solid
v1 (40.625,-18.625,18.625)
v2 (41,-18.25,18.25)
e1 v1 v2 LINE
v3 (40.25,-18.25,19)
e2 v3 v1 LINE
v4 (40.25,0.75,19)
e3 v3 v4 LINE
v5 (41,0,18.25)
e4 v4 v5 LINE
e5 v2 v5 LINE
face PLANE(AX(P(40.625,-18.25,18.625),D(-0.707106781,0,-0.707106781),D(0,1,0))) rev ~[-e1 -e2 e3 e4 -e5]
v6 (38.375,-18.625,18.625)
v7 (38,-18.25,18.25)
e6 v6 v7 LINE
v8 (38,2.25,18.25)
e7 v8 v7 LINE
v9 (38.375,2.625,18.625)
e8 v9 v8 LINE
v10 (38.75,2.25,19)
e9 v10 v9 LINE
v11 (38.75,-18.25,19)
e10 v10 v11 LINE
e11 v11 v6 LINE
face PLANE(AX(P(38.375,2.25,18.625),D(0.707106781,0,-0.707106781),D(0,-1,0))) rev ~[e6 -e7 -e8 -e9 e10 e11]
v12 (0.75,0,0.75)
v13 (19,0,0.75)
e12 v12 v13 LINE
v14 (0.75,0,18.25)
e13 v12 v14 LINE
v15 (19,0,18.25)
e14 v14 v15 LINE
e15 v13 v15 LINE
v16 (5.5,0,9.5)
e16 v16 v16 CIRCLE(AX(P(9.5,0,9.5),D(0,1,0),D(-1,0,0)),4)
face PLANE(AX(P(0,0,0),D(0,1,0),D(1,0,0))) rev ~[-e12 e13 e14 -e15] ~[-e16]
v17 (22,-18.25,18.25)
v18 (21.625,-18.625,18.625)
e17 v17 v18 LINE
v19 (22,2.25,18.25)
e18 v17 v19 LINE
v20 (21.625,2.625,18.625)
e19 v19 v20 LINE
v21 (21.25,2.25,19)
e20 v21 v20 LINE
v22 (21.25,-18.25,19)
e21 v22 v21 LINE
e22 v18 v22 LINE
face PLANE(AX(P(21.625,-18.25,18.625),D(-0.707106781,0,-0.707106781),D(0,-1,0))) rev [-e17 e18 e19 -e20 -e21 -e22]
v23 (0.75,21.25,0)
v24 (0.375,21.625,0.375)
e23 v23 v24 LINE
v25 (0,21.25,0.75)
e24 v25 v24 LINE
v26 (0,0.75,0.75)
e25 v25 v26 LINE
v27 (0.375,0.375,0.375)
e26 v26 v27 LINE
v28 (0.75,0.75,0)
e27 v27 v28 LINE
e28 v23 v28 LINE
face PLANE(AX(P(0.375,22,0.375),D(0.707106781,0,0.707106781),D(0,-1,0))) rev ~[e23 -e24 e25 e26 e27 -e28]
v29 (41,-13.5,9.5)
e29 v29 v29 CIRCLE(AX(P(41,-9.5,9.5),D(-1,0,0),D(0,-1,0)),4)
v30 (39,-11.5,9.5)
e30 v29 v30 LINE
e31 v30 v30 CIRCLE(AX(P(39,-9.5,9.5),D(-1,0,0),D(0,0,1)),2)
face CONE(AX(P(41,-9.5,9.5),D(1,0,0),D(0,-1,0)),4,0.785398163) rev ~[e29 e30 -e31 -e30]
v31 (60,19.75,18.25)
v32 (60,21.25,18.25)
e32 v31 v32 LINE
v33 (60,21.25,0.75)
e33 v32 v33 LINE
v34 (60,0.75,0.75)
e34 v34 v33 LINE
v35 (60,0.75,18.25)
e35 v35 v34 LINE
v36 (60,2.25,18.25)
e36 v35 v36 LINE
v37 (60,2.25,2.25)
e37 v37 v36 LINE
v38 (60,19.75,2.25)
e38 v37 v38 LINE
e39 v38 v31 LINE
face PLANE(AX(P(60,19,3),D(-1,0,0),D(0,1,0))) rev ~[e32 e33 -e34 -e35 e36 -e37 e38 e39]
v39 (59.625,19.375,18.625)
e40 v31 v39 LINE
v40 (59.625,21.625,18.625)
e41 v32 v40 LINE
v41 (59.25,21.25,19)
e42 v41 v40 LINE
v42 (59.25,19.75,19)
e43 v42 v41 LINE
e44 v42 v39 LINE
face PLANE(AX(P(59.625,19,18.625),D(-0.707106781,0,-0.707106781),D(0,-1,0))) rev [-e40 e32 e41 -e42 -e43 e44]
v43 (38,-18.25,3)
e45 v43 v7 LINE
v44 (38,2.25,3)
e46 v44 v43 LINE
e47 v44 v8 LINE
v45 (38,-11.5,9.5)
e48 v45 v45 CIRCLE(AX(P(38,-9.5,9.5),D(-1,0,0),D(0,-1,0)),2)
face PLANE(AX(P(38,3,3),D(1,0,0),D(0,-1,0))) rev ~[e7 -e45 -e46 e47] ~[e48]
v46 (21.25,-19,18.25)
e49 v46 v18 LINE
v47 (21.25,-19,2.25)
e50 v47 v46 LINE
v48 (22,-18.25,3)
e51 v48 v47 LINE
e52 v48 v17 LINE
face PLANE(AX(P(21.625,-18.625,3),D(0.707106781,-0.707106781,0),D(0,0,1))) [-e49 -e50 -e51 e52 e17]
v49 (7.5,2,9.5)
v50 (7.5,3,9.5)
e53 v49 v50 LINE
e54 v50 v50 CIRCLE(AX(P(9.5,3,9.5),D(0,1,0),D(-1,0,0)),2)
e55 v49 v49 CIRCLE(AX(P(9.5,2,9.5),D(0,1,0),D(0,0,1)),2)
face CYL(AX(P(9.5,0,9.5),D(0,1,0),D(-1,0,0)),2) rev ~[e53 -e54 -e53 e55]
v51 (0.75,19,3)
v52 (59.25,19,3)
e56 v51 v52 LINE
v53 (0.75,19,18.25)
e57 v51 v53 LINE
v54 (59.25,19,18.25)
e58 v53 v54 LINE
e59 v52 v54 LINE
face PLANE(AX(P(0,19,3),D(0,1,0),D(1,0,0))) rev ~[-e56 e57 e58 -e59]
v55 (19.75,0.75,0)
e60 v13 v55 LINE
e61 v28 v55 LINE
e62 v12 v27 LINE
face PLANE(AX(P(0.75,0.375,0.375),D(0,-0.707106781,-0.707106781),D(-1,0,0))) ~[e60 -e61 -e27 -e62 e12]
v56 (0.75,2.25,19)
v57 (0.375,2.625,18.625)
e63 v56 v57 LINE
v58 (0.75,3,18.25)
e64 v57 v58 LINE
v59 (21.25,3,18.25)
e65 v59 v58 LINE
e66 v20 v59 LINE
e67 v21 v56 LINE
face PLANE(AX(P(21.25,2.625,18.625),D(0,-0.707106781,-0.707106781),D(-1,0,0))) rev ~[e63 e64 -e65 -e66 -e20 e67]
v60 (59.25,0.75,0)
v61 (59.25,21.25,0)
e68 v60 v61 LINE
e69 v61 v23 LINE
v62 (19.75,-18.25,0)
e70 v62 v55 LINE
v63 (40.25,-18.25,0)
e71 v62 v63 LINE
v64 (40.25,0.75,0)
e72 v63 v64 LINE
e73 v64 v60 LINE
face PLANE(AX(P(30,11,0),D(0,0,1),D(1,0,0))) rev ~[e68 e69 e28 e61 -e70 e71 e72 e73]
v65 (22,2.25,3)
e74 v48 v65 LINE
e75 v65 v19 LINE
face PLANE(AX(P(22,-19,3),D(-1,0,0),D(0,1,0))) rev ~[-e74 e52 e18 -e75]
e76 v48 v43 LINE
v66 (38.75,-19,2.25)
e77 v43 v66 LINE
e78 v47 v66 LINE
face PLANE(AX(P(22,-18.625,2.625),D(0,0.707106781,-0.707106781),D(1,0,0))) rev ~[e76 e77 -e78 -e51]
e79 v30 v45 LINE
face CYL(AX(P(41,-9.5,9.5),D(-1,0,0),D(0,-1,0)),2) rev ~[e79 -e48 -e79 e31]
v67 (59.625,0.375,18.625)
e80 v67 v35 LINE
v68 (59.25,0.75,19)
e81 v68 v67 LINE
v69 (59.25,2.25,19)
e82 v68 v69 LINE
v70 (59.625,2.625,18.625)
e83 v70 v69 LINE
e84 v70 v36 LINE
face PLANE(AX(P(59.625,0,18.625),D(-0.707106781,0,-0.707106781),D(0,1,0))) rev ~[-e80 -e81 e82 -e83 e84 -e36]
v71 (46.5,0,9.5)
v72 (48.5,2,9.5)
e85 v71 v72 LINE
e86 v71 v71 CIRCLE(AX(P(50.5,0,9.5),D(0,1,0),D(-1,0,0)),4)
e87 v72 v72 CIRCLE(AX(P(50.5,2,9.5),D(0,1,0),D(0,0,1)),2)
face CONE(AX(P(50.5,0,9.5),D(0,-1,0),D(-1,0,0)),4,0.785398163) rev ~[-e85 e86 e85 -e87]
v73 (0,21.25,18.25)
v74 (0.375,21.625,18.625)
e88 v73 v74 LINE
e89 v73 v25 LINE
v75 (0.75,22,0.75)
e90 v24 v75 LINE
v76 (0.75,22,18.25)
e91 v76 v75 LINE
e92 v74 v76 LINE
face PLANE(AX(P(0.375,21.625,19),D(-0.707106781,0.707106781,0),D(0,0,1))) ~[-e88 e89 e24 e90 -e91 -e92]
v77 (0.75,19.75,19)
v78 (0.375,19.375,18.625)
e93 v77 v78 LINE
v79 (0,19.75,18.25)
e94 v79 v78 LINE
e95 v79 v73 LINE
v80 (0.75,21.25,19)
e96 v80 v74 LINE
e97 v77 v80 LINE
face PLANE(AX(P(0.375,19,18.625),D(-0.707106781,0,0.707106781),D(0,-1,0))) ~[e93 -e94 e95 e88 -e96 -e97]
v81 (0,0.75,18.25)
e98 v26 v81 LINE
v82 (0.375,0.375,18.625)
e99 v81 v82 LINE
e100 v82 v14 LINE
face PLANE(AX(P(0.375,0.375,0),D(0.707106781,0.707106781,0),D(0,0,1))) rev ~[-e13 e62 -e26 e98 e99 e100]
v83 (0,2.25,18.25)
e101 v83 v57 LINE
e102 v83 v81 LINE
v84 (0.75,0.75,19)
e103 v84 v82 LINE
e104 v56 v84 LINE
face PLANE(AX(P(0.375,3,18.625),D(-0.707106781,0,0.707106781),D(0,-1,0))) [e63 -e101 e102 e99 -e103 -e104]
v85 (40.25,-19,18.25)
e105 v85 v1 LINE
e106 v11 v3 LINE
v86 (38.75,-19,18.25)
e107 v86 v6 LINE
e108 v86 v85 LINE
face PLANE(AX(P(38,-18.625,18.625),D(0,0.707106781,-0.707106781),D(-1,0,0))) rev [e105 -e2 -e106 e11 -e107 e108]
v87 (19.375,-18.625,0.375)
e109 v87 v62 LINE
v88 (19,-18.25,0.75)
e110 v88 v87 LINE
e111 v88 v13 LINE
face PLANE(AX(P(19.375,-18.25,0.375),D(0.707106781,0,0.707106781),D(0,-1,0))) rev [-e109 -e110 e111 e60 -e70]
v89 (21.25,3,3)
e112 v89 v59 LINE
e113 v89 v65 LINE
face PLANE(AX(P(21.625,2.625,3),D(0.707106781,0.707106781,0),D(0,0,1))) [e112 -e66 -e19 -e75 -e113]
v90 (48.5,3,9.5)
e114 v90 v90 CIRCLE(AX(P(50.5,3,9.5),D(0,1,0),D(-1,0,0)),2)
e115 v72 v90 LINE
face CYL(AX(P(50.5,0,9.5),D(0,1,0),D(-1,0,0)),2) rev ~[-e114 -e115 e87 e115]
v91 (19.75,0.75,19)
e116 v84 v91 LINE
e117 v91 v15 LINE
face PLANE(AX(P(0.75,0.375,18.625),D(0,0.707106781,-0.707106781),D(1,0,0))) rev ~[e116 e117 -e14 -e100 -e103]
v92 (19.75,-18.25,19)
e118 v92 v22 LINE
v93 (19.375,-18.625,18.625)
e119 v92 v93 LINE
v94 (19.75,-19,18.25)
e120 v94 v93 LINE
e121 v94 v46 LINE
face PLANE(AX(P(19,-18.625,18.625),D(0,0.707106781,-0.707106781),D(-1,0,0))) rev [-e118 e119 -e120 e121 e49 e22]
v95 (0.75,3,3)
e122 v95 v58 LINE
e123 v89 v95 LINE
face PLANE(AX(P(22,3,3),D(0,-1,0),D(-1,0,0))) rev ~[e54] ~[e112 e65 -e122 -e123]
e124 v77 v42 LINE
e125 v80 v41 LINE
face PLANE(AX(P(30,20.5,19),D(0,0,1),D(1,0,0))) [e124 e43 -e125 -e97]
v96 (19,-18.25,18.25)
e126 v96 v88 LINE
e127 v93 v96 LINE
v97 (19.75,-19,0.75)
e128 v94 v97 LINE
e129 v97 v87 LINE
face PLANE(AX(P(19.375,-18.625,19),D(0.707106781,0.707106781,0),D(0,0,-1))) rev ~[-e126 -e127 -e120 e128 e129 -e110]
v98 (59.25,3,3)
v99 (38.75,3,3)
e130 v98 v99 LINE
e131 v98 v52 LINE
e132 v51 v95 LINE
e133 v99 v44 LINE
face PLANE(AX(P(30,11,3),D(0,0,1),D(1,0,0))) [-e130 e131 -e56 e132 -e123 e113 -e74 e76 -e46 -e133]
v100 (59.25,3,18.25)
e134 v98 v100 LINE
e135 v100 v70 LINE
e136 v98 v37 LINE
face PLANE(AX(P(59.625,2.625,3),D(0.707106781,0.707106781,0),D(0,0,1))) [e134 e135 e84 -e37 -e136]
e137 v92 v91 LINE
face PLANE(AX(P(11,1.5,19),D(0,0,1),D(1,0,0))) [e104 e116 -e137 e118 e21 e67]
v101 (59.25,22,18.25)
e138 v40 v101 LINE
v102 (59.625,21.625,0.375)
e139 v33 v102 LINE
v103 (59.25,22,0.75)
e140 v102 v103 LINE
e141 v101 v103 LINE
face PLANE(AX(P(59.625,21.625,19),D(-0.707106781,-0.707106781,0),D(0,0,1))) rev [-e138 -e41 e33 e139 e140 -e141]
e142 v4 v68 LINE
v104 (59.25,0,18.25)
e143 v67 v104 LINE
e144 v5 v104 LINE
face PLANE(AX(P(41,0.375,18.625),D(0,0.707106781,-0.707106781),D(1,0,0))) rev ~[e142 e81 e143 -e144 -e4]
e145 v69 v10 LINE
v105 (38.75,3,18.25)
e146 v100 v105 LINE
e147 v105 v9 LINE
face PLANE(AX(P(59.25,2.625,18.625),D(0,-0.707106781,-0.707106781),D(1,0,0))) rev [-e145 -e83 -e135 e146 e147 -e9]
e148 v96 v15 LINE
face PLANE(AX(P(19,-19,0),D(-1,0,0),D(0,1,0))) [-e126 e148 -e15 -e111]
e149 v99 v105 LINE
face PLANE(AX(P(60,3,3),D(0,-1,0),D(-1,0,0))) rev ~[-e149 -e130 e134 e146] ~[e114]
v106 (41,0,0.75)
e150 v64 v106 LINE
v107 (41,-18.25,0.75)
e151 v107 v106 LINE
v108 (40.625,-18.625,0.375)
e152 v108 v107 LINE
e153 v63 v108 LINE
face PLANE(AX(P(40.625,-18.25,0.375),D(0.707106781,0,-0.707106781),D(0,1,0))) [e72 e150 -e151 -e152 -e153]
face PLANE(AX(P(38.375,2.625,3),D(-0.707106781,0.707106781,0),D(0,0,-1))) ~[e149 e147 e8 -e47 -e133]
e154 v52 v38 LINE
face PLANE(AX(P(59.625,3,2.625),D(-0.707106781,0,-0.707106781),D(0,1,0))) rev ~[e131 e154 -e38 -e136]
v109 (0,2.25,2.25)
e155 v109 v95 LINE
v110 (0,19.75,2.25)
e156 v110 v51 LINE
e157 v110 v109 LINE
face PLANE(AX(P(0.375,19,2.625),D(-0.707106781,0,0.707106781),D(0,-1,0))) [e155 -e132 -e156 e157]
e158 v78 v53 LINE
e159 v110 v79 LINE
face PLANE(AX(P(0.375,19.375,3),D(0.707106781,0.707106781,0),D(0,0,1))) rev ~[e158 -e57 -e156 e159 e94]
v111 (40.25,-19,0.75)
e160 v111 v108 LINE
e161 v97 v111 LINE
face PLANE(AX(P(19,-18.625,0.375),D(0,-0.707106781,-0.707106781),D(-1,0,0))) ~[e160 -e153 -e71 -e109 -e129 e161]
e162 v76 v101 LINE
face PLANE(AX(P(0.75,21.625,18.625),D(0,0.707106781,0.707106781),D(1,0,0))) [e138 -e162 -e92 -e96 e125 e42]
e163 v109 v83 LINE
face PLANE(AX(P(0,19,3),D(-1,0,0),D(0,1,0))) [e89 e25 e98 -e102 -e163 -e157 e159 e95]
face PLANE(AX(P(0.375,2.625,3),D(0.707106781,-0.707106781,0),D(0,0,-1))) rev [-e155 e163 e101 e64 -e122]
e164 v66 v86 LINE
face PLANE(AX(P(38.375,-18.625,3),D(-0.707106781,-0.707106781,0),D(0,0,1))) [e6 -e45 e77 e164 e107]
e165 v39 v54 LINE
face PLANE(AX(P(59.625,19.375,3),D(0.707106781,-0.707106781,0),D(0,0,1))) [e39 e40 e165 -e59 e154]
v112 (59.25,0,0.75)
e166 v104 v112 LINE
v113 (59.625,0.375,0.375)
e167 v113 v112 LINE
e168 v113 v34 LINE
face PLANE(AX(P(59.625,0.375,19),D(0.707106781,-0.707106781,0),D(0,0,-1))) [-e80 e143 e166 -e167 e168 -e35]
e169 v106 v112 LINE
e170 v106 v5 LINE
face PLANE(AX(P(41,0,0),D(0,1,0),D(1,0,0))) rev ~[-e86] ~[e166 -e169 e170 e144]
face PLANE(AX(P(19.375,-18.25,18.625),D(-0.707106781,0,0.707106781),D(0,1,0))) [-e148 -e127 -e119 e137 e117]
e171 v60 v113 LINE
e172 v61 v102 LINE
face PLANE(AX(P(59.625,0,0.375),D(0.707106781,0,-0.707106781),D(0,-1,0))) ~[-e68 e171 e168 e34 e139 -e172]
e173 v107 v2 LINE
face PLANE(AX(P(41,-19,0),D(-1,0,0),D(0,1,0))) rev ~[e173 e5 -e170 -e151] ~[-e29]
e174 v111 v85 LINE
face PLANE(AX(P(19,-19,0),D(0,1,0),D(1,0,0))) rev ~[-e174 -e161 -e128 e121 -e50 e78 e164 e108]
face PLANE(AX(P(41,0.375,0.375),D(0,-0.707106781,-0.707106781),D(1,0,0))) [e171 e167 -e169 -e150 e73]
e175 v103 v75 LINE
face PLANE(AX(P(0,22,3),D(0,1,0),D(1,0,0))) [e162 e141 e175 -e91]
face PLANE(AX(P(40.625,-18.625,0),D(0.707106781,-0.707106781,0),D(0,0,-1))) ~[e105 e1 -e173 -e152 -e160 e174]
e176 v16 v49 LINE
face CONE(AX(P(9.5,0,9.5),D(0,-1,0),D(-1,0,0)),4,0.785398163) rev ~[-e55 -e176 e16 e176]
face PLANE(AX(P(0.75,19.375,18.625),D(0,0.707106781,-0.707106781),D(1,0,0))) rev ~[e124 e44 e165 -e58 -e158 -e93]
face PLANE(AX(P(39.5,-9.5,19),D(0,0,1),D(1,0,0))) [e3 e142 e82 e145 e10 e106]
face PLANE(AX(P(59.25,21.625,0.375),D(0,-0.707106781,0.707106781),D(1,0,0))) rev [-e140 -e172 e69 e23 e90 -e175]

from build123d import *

# Parameters (mm, degrees)
F0_W           = 22
F0_H           = 19
F1_DEPTH       = 3
F2_W           = 60
F2_H           = 3
F2_W_2         = 3
F2_H_2         = 19
F3_DEPTH       = 16
F5_D           = 4
F5_DEPTH       = 12
F5_CSINK_D     = 8
F5_CSINK_ANGLE = 90
F5_TIP         = 1.2017212381
F7_D           = 4
F7_DEPTH       = 12
F7_CSINK_D     = 8
F7_CSINK_ANGLE = 90
F7_TIP         = 1.2017212381
F9_D           = 4
F9_DEPTH       = 12
F9_CSINK_D     = 8
F9_CSINK_ANGLE = 90
F9_TIP         = 1.2017212381
F10_SIZE       = 0.75
F11_SIZE       = 0.75
F12_SIZE       = 0.75
F13_SIZE       = 0.75


with BuildPart() as f1:
    # F0 (on Top) → F1 (new body)
    with BuildSketch(Plane.XY):
        Polygon((0, 22), (0, 0), (19, 0), (41, 0), (60, 0), (60, 22), align=None)
        with Locations((30, -9.5)):
            Rectangle(F0_W, F0_H)
    extrude(amount=F1_DEPTH)

    # F2 (on face) → F3 (join)
    with BuildSketch(Plane.XY.offset(3)):
        with Locations((30, 20.5)):
            Rectangle(F2_W, F2_H)
        Polygon((0, 0), (19, 0), (22, 0), (22, 3), (0, 3), align=None)
        with Locations((20.5, -9.5)):
            Rectangle(F2_W_2, F2_H_2)
        with Locations((39.5, -9.5)):
            Rectangle(F2_W_2, F2_H_2)
        Polygon((38, 0), (41, 0), (60, 0), (60, 3), (38, 3), align=None)
    extrude(amount=F3_DEPTH)

    # F5
    with Locations(Plane.XZ):
        with Locations((50.5, 9.5)):
            CounterSinkHole(F5_D / 2, F5_CSINK_D / 2, depth=F5_DEPTH, counter_sink_angle=F5_CSINK_ANGLE)
            with Locations((0, 0, -(F5_DEPTH + F5_TIP / 2))):  # 118° drill point
                Cone(0, F5_D / 2, F5_TIP, mode=Mode.SUBTRACT)

    # F7
    with Locations(Plane.YZ.offset(41)):
        with Locations((-9.5, 9.5)):
            CounterSinkHole(F7_D / 2, F7_CSINK_D / 2, depth=F7_DEPTH, counter_sink_angle=F7_CSINK_ANGLE)
            with Locations((0, 0, -(F7_DEPTH + F7_TIP / 2))):  # 118° drill point
                Cone(0, F7_D / 2, F7_TIP, mode=Mode.SUBTRACT)

    # F9
    with Locations(Plane.XZ):
        with Locations((9.5, 9.5)):
            CounterSinkHole(F9_D / 2, F9_CSINK_D / 2, depth=F9_DEPTH, counter_sink_angle=F9_CSINK_ANGLE)
            with Locations((0, 0, -(F9_DEPTH + F9_TIP / 2))):  # 118° drill point
                Cone(0, F9_D / 2, F9_TIP, mode=Mode.SUBTRACT)

    # F10
    f10_edges = [f1.edges().sort_by_distance(p)[0] for p in [
        (60, 0, 9.5),
        (60, 1.5, 19),
        (60, 3, 11),
        (60, 11, 3),
        (60, 19, 11),
        (60, 20.5, 19),
        (60, 22, 9.5),
        (60, 11, 0),
        (19, -19, 9.5),
        (20.5, -19, 19),
        (22, -19, 11),
        (30, -19, 3),
        (38, -19, 11),
        (39.5, -19, 19),
        (41, -19, 9.5),
        (30, -19, 0),
        (0, 22, 9.5),
        (0, 20.5, 19),
        (0, 19, 11),
        (0, 11, 3),
        (0, 3, 11),
        (0, 1.5, 19),
        (0, 0, 9.5),
        (0, 11, 0),
    ]]
    chamfer(f10_edges, length=F10_SIZE)

    # F11
    f11_edges = [f1.edges().sort_by_distance(p)[0] for p in [
        (38, 3, 11),
        (22, 3, 11),
    ]]
    chamfer(f11_edges, length=F11_SIZE)

    # F12 (call 1 of 8: OpenCascade refuses the feature's edges together)
    f12_edges = [f1.edges().sort_by_distance(p)[0] for p in [
        (30, 22, 19),
    ]]
    chamfer(f12_edges, length=F12_SIZE)

    # F12#2 (call 2 of 8)
    f12_2_edges = [f1.edges().sort_by_distance(p)[0] for p in [
        (30, 19, 19),
    ]]
    chamfer(f12_2_edges, length=F12_SIZE)

    # F12#3 (call 3 of 8)
    f12_3_edges = [f1.edges().sort_by_distance(p)[0] for p in [
        (49, 3, 19),
    ]]
    chamfer(f12_3_edges, length=F12_SIZE)

    # F12#4 (call 4 of 8)
    f12_4_edges = [f1.edges().sort_by_distance(p)[0] for p in [
        (50.125, 0, 19),
        (41, -9.125, 19),
    ]]
    chamfer(f12_4_edges, length=F12_SIZE)

    # F12#5 (call 5 of 8)
    f12_5_edges = [f1.edges().sort_by_distance(p)[0] for p in [
        (38, -8, 19),
    ]]
    chamfer(f12_5_edges, length=F12_SIZE)

    # F12#6 (call 6 of 8)
    f12_6_edges = [f1.edges().sort_by_distance(p)[0] for p in [
        (22, -8, 19),
    ]]
    chamfer(f12_6_edges, length=F12_SIZE)

    # F12#7 (call 7 of 8)
    f12_7_edges = [f1.edges().sort_by_distance(p)[0] for p in [
        (19, -9.125, 19),
        (9.875, 0, 19),
    ]]
    chamfer(f12_7_edges, length=F12_SIZE)

    # F12#8 (call 8 of 8)
    f12_8_edges = [f1.edges().sort_by_distance(p)[0] for p in [
        (11, 3, 19),
    ]]
    chamfer(f12_8_edges, length=F12_SIZE)

    # F13
    f13_edges = [f1.edges().sort_by_distance(p)[0] for p in [
        (9.875, 0, 0),
        (19, -9.125, 0),
        (41, -9.125, 0),
        (50.125, 0, 0),
        (30, 22, 0),
    ]]
    chamfer(f13_edges, length=F13_SIZE)


solid = f1.part
